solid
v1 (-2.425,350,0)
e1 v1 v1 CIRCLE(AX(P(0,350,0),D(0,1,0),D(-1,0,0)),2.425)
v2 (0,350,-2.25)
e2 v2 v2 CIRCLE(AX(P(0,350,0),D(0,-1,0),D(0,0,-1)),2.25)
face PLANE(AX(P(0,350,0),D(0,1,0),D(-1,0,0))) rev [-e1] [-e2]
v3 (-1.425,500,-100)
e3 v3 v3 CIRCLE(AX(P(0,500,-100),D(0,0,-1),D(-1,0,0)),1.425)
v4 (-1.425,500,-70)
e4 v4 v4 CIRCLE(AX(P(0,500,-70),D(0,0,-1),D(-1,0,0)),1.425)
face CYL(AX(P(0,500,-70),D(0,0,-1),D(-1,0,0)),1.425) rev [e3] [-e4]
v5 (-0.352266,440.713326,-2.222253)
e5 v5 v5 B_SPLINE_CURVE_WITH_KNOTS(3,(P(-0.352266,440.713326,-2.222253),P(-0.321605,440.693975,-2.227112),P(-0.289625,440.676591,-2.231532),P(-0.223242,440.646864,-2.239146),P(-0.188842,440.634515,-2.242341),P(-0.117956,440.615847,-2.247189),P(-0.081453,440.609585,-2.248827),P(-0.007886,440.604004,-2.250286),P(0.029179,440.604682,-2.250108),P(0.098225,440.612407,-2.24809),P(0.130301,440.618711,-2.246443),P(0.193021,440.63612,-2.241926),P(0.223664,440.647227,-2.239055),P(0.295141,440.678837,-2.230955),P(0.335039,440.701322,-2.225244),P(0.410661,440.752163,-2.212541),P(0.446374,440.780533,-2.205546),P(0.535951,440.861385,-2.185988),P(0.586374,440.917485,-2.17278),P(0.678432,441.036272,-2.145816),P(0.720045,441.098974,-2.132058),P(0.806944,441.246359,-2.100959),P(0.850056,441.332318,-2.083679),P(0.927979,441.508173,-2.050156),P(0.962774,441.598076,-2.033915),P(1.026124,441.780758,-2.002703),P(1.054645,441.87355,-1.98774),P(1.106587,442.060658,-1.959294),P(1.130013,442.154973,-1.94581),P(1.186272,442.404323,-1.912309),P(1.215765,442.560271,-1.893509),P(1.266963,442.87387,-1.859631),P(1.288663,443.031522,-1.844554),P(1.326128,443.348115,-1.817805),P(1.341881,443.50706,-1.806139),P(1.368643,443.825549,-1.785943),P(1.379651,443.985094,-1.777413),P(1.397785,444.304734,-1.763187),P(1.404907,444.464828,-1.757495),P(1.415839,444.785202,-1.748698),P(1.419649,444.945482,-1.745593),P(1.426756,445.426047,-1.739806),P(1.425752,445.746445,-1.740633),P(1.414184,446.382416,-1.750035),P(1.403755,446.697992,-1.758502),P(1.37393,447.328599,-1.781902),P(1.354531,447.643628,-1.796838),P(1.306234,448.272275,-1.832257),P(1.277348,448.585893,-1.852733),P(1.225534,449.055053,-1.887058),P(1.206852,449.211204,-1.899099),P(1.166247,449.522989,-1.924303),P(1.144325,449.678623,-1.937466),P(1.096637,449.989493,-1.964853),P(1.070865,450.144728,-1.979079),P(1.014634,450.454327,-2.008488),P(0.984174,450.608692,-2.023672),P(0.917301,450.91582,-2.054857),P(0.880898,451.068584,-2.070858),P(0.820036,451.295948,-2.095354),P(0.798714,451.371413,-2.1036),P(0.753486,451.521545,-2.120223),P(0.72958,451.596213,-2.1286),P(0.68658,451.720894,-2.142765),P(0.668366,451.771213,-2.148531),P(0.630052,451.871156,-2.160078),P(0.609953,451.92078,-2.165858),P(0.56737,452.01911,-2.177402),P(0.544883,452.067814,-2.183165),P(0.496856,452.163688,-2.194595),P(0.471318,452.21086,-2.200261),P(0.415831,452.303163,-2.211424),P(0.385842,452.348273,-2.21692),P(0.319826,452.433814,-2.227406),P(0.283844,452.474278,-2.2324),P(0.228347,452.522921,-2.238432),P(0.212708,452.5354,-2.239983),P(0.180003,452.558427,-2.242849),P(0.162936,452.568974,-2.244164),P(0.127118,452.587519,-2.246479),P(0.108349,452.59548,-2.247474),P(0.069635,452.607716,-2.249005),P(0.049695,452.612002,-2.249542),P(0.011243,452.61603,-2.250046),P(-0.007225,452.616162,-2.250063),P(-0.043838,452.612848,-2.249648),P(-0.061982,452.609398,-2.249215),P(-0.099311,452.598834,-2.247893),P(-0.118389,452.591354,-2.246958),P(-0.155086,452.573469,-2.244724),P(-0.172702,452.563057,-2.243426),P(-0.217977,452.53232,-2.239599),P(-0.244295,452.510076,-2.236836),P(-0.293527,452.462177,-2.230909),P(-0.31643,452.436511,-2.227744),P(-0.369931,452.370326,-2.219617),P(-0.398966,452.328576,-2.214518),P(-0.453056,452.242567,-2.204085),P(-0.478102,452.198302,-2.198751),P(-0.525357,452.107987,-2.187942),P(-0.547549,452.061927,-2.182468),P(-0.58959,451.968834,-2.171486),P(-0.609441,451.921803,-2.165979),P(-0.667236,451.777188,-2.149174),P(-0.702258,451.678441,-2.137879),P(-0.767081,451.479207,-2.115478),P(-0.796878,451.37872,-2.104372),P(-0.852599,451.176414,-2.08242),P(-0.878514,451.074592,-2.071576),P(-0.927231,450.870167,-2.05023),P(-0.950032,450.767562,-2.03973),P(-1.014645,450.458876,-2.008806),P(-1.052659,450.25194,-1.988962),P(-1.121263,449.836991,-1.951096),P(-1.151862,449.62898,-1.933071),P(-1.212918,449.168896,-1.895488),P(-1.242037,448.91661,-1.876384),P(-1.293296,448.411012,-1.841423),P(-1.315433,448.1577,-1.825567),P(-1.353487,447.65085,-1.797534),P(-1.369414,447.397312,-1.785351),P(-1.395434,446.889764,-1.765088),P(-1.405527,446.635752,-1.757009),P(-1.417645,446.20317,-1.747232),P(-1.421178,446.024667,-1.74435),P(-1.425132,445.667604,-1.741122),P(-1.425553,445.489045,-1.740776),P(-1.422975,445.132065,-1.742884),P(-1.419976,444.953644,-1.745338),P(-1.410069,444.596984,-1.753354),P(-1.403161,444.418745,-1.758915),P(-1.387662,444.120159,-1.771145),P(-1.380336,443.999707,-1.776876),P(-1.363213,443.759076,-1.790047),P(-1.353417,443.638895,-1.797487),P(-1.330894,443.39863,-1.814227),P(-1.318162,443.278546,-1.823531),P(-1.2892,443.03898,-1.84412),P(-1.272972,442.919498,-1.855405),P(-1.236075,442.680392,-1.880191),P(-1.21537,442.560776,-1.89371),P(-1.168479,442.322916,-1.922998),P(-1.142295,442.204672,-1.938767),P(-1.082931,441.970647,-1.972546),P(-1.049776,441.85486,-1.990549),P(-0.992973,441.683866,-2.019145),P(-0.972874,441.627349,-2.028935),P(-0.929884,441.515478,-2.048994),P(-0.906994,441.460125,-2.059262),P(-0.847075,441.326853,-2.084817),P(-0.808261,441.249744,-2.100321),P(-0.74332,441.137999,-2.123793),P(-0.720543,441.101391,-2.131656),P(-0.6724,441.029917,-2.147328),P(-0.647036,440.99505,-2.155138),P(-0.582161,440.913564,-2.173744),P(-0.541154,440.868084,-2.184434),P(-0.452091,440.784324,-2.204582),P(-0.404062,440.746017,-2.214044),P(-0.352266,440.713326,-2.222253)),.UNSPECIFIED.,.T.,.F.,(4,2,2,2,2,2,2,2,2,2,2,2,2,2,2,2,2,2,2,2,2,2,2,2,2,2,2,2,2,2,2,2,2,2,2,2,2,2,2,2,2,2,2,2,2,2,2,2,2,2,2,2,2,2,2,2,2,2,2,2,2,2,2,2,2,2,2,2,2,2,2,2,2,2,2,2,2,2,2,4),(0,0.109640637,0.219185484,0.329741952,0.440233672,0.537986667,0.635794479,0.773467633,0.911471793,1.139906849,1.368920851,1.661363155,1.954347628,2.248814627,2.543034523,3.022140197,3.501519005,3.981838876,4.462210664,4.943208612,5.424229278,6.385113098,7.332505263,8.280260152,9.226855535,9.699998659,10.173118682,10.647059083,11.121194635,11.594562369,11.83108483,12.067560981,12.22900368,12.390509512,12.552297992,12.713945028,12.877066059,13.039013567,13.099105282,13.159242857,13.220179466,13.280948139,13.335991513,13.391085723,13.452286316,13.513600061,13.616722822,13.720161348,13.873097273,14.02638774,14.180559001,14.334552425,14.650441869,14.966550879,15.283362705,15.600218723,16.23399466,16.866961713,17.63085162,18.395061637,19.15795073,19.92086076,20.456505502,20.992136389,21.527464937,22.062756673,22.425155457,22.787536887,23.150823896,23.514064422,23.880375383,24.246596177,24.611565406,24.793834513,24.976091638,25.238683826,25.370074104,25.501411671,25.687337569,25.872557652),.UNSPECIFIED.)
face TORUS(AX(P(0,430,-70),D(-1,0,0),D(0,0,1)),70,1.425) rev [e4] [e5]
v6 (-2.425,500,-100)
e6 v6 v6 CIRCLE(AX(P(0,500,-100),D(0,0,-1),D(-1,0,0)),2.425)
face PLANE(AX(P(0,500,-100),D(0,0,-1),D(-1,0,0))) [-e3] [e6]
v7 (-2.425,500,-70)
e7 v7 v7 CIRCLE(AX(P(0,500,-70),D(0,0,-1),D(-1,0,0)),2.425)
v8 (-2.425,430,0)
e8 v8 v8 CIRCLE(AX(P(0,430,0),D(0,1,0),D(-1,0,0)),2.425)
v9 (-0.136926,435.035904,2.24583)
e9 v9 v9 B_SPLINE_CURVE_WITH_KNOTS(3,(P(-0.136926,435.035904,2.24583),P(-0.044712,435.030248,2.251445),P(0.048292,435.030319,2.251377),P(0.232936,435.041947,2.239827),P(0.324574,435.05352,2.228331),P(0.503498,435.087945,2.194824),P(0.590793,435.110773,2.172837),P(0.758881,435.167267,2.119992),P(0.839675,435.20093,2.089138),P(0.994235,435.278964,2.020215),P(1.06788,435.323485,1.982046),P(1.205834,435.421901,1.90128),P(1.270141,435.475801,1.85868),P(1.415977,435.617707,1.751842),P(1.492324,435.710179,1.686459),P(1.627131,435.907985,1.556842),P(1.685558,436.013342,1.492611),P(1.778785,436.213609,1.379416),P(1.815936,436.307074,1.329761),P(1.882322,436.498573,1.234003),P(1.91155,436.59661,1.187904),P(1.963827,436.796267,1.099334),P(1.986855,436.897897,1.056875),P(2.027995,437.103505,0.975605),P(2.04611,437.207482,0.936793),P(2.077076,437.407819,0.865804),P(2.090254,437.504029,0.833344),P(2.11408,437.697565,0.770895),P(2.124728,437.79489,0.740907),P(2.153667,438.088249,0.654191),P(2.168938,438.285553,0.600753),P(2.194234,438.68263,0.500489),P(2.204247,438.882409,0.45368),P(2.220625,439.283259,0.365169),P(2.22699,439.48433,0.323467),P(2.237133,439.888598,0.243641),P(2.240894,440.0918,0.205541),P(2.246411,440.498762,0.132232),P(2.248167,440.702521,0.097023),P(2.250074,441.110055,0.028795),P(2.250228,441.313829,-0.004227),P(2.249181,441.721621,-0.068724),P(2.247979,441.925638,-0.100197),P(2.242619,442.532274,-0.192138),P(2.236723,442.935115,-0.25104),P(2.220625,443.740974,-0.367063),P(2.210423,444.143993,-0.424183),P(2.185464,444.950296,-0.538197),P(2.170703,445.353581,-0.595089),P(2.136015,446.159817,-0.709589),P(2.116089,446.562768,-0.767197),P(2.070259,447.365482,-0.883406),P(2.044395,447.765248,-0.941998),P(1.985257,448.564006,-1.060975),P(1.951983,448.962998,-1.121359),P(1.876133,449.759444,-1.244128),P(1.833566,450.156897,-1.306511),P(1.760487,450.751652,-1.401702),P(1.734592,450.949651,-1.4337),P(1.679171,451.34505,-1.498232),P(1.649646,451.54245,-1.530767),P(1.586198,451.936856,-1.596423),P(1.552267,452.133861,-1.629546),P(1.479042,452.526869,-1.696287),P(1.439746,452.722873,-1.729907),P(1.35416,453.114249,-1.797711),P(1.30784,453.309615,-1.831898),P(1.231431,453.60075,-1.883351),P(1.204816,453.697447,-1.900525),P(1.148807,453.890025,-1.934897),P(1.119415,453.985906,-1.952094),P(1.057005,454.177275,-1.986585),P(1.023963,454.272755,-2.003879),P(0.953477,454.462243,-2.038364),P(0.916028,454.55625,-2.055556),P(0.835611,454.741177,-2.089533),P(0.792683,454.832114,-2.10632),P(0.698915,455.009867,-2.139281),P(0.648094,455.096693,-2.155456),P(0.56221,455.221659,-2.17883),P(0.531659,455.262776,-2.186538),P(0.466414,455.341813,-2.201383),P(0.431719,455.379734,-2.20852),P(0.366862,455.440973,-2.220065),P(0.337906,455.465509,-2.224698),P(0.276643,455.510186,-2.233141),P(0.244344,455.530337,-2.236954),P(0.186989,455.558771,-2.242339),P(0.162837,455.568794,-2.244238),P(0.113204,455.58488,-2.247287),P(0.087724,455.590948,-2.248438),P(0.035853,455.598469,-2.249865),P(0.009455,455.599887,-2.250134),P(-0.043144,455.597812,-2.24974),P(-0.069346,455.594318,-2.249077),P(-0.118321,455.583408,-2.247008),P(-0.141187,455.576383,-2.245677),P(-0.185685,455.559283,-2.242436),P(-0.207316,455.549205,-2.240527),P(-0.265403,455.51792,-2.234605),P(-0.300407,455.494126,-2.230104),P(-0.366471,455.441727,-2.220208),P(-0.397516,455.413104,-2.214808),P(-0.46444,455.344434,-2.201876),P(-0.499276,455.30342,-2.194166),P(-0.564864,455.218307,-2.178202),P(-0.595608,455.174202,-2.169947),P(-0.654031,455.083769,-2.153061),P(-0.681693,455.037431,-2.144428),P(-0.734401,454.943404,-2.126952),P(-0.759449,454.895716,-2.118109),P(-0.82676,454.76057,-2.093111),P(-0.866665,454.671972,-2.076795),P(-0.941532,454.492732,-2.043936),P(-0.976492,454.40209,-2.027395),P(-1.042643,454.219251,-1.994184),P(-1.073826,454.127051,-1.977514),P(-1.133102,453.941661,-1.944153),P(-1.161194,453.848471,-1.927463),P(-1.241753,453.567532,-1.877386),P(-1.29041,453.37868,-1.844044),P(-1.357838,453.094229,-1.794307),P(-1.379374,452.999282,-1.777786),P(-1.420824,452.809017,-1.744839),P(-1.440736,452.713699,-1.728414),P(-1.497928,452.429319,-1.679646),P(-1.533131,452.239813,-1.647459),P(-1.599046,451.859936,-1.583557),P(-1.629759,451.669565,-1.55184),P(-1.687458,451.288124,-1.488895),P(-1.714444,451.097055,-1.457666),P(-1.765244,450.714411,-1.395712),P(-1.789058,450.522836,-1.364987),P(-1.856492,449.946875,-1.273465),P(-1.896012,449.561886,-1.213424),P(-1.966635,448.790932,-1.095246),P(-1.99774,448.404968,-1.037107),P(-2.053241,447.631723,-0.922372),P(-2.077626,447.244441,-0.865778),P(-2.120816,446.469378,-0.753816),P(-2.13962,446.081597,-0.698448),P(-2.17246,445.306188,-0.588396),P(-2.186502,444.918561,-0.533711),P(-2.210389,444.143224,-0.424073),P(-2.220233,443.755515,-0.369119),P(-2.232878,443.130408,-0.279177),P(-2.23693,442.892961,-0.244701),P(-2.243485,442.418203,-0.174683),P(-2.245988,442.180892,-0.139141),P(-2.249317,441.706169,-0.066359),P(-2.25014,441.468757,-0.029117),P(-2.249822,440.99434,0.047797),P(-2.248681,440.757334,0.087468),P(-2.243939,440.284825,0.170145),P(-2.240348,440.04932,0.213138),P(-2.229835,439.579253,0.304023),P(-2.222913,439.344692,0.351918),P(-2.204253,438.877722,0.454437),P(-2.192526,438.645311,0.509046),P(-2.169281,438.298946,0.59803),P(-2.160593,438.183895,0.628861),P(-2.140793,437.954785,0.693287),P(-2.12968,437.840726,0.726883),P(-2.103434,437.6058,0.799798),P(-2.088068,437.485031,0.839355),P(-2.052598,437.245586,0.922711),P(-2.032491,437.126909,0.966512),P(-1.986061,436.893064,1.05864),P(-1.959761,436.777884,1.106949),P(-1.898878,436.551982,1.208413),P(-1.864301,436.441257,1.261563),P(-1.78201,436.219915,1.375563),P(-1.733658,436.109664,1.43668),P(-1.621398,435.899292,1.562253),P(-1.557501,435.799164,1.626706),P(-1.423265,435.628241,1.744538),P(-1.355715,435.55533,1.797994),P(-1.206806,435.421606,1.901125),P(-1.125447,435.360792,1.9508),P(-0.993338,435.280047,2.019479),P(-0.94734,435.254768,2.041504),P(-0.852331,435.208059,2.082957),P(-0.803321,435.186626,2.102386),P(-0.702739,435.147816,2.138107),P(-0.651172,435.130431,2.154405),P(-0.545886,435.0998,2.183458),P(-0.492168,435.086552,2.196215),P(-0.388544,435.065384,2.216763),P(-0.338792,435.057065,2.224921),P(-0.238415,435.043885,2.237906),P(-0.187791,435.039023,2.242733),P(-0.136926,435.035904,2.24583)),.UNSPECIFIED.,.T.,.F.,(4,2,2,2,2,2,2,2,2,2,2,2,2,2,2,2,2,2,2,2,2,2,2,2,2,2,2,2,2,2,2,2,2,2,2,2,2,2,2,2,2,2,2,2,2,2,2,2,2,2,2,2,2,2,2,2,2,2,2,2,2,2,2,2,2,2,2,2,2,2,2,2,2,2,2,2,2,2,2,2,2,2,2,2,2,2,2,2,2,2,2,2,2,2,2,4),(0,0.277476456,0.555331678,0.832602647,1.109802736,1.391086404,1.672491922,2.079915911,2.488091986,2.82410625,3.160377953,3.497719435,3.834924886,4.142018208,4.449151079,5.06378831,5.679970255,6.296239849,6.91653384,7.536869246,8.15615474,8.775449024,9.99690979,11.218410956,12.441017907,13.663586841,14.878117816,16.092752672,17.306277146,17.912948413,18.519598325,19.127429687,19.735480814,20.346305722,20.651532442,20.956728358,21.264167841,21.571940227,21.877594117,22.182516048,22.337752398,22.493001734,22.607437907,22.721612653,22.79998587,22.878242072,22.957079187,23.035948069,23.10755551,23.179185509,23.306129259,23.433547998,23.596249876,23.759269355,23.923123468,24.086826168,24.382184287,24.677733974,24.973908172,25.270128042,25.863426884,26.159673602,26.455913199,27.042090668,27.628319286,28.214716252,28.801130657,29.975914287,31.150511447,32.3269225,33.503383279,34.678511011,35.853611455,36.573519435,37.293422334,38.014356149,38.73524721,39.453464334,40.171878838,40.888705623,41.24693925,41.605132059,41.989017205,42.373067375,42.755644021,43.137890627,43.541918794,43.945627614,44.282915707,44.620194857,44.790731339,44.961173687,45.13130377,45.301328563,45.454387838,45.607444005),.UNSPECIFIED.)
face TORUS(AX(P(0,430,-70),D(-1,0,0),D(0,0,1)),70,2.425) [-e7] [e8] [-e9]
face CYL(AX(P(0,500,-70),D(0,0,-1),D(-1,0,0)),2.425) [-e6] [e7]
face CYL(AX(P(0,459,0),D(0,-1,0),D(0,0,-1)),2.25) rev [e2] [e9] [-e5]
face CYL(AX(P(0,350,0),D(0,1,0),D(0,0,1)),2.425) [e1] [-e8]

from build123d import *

# Parameters (mm, degrees)
IZIM2_R               = 2.425
BO_ALTMA1_T           = -1
IZIM3_R               = 2.25
KES_EKSTR_ZYON1_DEPTH = 109


with BuildPart() as part:
    # Süpür1: sweep along a path in Çizim1
    with BuildLine(Plane(origin=(0, 0, 0), x_dir=(0, 0, -1), z_dir=(1, 0, 0))) as s_p_r1_path:
        Line((0, 350), (0, 430))
        ThreePointArc((0, 430), (20.502525317, 479.497474683), (70, 500))
        Line((70, 500), (100, 500))
    # Çizim2 → Süpür1 (sweep)
    with BuildSketch(Plane(origin=(0, 500, -100), x_dir=(-1, 0, 0), z_dir=(0, 0, -1))):
        Circle(IZIM2_R)
    sweep(path=s_p_r1_path.line)

    # İç Boşaltma1
    bo_altma1_openings = [part.faces().sort_by_distance(p)[0] for p in [
        (0, 500, -100),
    ]]
    offset(amount=BO_ALTMA1_T, openings=bo_altma1_openings, kind=Kind.INTERSECTION)

    # Çizim3 → Kes-Ekstrüzyon1 (cut)
    with BuildSketch(Plane.XZ.offset(-350)):
        with Locations(Location((0, 0, 0), (0, 0, 270))):
            Circle(IZIM3_R)
    extrude(amount=-KES_EKSTR_ZYON1_DEPTH, mode=Mode.SUBTRACT)


solid = part.part
